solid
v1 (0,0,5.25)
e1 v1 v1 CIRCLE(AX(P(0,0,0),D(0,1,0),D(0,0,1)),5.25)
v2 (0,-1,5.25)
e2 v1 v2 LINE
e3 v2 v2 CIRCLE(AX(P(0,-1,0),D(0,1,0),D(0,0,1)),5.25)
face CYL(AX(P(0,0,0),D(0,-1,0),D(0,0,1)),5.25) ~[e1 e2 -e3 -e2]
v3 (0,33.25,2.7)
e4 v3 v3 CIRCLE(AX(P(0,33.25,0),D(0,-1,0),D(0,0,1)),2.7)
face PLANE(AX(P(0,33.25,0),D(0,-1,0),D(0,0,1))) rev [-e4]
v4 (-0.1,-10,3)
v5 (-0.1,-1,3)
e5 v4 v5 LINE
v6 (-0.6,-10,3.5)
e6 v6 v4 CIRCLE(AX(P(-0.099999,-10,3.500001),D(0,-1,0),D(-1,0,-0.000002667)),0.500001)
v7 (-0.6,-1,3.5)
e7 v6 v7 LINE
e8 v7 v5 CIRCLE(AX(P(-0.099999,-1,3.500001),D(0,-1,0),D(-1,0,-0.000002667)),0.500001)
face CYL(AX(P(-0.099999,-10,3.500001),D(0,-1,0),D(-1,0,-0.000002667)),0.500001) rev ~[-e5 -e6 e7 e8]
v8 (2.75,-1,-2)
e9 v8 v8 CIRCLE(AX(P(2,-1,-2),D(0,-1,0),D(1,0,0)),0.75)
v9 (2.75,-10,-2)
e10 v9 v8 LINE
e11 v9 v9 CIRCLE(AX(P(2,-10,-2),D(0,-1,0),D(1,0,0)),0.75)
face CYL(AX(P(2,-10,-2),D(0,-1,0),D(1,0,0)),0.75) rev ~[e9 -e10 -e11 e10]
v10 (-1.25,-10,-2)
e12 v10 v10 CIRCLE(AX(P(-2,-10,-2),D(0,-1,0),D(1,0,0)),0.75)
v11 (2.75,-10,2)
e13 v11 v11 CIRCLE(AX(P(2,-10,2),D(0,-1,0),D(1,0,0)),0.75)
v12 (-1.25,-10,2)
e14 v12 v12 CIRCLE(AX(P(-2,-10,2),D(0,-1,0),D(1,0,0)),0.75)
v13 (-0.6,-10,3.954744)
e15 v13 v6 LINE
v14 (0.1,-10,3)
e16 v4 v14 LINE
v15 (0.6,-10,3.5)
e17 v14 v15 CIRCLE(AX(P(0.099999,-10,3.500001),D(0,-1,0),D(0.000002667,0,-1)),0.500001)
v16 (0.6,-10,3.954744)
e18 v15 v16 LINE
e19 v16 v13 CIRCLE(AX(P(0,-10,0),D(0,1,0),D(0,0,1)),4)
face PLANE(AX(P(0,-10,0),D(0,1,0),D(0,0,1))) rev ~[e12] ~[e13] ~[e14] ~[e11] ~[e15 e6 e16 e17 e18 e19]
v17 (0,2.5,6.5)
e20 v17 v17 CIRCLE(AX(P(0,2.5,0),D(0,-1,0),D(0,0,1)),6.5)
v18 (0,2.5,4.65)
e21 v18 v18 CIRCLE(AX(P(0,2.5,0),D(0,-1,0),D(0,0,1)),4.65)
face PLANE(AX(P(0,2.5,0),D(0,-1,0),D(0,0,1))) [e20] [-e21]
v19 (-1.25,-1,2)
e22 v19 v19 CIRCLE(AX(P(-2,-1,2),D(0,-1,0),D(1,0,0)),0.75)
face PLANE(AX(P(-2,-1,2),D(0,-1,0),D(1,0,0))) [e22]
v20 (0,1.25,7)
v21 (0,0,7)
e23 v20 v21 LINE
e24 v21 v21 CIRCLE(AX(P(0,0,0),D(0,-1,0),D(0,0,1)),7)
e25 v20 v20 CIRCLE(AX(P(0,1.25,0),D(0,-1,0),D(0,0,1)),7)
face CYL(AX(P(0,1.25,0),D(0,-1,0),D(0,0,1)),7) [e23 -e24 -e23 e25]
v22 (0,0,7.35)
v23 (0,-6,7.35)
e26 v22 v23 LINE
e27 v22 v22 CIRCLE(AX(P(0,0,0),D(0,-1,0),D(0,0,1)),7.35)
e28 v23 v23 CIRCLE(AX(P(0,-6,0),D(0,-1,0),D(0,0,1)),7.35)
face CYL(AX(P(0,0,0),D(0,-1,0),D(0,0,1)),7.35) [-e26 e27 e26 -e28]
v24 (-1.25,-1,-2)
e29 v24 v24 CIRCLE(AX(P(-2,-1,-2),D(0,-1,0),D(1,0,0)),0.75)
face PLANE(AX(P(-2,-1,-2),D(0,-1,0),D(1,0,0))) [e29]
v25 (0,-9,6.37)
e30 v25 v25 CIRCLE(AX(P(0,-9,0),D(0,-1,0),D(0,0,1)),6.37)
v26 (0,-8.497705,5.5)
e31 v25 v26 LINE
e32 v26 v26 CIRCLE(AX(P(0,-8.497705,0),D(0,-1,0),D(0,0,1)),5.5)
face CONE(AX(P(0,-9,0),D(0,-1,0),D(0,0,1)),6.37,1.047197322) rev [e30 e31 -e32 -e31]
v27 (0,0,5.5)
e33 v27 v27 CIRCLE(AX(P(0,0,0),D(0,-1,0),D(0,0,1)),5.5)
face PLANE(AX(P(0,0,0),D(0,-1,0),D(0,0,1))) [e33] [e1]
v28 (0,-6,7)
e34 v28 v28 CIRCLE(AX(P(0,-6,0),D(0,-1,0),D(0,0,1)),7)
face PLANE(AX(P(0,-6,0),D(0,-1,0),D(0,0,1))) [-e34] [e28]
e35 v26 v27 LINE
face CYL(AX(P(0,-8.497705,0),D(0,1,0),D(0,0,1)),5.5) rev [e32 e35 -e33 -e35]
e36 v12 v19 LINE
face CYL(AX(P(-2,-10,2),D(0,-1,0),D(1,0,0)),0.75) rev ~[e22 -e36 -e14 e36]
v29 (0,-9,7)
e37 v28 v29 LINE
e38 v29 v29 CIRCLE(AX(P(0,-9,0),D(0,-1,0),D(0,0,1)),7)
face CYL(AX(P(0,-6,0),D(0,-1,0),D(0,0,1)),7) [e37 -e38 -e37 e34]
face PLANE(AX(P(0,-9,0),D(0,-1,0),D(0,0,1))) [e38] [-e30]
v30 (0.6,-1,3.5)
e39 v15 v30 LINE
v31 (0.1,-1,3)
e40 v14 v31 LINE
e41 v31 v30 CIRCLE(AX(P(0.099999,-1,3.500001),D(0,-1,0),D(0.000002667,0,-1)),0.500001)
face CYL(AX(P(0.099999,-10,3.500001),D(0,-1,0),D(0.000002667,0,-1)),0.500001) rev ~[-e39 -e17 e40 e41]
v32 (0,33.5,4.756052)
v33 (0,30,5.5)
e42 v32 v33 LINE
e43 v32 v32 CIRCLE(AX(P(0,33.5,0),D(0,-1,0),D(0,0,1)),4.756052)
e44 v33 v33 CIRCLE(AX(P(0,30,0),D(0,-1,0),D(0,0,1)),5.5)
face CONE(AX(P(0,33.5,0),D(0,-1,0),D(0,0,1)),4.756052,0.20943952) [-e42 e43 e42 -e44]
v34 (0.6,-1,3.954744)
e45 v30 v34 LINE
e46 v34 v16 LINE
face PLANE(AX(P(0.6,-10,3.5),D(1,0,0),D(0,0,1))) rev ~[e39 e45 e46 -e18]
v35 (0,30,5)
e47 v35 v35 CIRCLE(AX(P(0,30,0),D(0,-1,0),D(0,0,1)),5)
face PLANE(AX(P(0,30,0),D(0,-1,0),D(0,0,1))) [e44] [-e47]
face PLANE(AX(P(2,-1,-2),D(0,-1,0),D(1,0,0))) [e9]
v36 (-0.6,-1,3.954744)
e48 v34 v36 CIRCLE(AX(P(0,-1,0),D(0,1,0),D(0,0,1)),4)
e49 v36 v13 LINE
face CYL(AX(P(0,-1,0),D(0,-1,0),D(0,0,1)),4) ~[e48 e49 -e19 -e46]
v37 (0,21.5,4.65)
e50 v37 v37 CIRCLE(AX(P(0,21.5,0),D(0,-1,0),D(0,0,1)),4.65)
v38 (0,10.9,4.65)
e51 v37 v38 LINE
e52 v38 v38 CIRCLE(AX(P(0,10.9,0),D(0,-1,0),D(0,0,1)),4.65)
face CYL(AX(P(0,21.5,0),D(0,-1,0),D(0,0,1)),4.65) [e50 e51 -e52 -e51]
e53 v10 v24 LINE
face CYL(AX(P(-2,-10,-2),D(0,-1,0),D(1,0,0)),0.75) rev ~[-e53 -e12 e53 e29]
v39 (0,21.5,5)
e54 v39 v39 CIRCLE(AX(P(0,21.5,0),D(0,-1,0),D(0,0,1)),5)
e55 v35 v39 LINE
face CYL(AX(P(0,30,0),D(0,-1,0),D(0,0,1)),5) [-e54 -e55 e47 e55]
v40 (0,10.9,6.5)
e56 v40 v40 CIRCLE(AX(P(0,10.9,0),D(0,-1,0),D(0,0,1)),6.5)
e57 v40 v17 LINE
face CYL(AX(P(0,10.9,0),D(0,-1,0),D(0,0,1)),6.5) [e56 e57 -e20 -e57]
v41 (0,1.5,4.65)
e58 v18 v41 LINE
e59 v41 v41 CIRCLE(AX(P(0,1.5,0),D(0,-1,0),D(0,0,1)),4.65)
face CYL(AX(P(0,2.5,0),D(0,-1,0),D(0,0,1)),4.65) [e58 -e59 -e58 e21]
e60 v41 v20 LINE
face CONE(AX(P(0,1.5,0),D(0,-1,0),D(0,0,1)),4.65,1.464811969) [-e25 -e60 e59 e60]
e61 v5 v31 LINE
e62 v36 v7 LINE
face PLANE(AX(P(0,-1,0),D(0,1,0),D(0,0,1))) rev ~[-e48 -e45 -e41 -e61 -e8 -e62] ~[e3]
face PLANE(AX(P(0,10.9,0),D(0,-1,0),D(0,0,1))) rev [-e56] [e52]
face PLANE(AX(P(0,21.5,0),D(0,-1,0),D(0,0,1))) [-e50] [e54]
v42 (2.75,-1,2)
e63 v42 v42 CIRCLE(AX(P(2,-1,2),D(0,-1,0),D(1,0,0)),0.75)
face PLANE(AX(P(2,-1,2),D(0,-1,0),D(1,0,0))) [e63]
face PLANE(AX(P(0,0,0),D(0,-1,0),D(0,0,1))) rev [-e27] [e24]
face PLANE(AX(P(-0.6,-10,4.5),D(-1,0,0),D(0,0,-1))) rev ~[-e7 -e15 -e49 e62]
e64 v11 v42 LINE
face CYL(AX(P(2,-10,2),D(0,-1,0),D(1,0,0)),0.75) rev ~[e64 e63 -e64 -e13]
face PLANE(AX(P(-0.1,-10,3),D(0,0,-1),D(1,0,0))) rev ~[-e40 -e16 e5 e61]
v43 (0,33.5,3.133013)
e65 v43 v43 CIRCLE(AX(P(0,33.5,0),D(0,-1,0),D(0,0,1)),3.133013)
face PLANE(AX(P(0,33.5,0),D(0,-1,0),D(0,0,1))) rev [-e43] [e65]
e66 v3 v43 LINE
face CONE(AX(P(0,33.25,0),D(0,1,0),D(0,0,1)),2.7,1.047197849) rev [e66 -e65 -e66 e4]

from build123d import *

# Parameters (mm, degrees)
F6_R     = 0.75
F7_DEPTH = 9


with BuildPart() as f1:
    # F0 (on Right) → F1 (revolve)
    with BuildSketch(Plane.YZ):
        Polygon((1.25, 7), (0, 7), (0, 0), (33.25, 0), (33.25, 2.7), (33.5, 3.133013), (33.5, 4.756052), (30, 5.5), (30, 5), (21.5, 5), (21.5, 4.65), (10.9, 4.65), (10.9, 6.5), (2.5, 6.5), (2.5, 4.65), (1.5, 4.65), align=None)
    revolve(axis=Axis((0, -17.104737, 0), (0, -1, 0)))

    # F2 (on Right) → F3 (revolve)
    with BuildSketch(Plane.YZ):
        Polygon((-8.497705, 5.5), (0, 5.5), (0, 7.35), (-6, 7.35), (-6, 7), (-9, 7), (-9, 6.37), align=None)
    revolve(axis=Axis((0, -12.747619, 0), (0, -1, 0)))

    # F4 (on Right) → F5 (revolve)
    with BuildSketch(Plane.YZ):
        Polygon((-10, 0), (0, 0), (0, 5.25), (-1, 5.25), (-1, 4), (-10, 4), align=None)
    revolve(axis=Axis((0, -5, 0), (0, 1, 0)))

    # F6 (on face) → F7 (cut, through all)
    with BuildSketch(Plane.XZ.offset(10)):
        with Locations((-2, 2)):
            Circle(F6_R)
        with Locations((2, 2)):
            Circle(F6_R)
        with Locations((2, -2)):
            Circle(F6_R)
        with Locations((-2, -2)):
            Circle(F6_R)
        with BuildLine():
            ThreePointArc((-0.6, 3.5), (-0.453553, 3.146447), (-0.1, 3))
            Line((-0.1, 3), (0.1, 3))
            ThreePointArc((0.1, 3), (0.453553, 3.146447), (0.6, 3.5))
            Line((0.6, 3.5), (0.6, 4.5))
            Line((0.6, 4.5), (-0.6, 4.5))
            Line((-0.6, 4.5), (-0.6, 3.5))
        make_face()
    extrude(amount=-F7_DEPTH, mode=Mode.SUBTRACT)


solid = f1.part
